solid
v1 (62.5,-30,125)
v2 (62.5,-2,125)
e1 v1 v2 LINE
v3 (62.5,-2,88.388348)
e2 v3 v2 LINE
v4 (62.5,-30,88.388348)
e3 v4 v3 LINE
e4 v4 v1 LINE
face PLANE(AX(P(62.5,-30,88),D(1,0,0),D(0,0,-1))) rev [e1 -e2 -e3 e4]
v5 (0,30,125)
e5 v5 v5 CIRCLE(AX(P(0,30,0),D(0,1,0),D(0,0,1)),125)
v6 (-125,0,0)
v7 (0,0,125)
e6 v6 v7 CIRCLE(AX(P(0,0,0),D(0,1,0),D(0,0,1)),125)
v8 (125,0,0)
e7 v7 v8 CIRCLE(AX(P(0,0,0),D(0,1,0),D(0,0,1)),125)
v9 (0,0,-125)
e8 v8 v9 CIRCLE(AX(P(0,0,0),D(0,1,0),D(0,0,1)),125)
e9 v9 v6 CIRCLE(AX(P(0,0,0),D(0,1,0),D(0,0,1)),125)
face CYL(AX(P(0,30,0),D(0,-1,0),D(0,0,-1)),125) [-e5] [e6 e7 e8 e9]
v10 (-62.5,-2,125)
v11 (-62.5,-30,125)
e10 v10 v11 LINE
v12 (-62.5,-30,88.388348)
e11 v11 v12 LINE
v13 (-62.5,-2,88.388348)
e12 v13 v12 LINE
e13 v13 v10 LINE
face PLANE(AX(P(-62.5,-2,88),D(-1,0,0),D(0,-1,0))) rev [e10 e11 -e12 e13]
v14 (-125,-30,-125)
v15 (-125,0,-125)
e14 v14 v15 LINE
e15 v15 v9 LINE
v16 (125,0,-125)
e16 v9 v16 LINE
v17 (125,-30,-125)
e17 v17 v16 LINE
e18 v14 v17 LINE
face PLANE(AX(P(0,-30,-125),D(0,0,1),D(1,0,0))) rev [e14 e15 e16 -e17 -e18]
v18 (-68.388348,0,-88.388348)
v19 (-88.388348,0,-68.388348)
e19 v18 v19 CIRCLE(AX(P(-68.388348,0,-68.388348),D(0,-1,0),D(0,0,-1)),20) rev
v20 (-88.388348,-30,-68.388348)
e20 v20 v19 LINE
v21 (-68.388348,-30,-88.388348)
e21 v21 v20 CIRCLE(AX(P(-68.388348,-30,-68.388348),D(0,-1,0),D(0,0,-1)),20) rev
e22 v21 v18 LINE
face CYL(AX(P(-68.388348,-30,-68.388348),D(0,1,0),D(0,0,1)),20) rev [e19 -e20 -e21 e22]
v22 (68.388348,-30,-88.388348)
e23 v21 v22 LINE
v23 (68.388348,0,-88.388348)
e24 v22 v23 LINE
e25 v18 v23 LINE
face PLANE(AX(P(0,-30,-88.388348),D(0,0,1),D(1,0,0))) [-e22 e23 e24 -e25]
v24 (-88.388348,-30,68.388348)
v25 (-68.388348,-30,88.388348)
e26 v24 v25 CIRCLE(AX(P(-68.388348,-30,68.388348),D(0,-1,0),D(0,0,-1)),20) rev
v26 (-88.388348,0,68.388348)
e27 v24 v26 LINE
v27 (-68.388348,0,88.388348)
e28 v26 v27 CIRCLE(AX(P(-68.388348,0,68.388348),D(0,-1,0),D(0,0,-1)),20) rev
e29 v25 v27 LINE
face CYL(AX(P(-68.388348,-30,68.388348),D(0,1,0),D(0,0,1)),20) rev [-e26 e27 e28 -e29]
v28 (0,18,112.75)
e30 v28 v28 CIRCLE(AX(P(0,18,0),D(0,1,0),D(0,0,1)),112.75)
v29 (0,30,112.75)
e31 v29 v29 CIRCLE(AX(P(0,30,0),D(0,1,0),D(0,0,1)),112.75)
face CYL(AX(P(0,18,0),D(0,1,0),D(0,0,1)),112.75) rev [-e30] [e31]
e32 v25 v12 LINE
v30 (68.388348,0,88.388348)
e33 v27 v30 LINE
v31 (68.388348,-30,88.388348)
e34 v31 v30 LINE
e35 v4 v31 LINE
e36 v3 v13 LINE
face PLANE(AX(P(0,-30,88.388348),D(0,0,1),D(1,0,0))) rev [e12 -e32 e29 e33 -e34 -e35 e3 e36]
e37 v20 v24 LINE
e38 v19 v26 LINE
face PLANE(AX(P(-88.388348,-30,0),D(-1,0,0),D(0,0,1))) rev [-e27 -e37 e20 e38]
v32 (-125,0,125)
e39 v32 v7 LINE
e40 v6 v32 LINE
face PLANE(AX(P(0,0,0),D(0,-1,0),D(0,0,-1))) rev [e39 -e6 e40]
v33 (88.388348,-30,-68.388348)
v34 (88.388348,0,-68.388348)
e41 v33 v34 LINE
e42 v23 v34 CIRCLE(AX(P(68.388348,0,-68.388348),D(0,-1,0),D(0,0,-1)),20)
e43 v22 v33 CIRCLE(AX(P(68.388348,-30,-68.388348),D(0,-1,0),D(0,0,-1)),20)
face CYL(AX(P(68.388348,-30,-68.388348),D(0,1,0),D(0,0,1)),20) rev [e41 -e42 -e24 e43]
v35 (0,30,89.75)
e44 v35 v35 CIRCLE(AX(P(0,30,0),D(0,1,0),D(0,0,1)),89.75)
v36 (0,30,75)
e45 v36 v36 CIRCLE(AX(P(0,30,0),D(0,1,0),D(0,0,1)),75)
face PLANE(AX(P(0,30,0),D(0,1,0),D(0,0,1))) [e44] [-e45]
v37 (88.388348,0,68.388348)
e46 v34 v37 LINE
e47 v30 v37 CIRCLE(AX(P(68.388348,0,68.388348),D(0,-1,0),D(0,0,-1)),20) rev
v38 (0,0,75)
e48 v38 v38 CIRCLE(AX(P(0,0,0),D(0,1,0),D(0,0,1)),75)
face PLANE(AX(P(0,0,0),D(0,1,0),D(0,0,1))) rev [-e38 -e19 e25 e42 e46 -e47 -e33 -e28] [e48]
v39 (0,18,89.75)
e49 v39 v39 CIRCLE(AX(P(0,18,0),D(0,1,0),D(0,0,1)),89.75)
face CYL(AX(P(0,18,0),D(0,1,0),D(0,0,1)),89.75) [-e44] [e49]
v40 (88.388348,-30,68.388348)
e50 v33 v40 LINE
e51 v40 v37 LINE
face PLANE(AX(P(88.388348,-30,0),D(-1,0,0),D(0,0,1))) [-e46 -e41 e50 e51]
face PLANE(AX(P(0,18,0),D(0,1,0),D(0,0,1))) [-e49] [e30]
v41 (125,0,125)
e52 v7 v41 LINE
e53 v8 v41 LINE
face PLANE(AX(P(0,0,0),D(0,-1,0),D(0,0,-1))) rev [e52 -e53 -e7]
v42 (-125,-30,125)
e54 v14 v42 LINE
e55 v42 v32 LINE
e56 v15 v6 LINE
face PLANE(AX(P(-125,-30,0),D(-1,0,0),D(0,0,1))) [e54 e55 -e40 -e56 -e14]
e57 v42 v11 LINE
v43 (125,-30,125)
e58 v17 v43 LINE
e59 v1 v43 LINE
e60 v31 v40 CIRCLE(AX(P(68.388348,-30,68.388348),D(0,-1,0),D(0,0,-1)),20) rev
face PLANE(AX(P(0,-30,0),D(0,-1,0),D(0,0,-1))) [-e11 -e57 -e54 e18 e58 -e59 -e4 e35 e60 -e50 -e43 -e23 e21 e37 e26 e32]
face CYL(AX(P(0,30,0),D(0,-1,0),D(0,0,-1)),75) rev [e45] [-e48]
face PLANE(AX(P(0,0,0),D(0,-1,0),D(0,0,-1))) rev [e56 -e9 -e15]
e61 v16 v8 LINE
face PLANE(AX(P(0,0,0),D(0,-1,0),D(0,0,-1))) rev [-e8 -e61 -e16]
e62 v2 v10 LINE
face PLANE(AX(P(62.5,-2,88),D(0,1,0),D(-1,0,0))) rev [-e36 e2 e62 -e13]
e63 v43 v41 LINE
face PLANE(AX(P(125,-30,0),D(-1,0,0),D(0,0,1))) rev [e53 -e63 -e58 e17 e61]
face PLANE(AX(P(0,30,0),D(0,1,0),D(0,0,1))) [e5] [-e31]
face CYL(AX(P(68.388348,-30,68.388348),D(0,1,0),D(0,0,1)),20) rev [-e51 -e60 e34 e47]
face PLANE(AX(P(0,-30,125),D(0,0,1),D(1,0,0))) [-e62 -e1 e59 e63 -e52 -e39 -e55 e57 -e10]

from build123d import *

# Parameters (mm, degrees)
AUFSATZ_LINEAR_AUSTRAGEN1_DEPTH = 30
SKIZZE2_R                       = 112.75
SKIZZE2_R_2                     = 89.75
SCHNITT_LINEAR_AUSTRAGEN1_DEPTH = 12
AUFSATZ_LINEAR_START            = 30
SKIZZE3_R                       = 125
AUFSATZ_LINEAR_AUSTRAGEN2_DEPTH = 30
SKIZZE4_W                       = 125
SKIZZE4_H                       = 28
SCHNITT_LINEAR_AUSTRAGEN2_DEPTH = 37


with BuildPart() as part:
    # Skizze1 → Aufsatz-Linear austragen1 (new body)
    with BuildSketch(Plane(origin=(0, 0, 0), x_dir=(1, 0, 0), z_dir=(0, 1, 0))):
        with BuildLine():
            ThreePointArc((0, 125), (-125, 0), (0, -125))
            Line((0, -125), (0, -112.75))
            ThreePointArc((0, -112.75), (-112.75, 0), (0, 112.75))
            Line((0, 112.75), (0, 125))
        make_face()
        with BuildLine():
            Line((0, -112.75), (0, -125))
            ThreePointArc((0, -125), (88.388347648, -88.388347648), (125, 0))
            ThreePointArc((125, 0), (88.388347648, 88.388347648), (0, 125))
            Line((0, 125), (0, 112.75))
            ThreePointArc((0, 112.75), (79.726289579, 79.726289579), (112.75, 0))
            ThreePointArc((112.75, 0), (79.726289579, -79.726289579), (0, -112.75))
        make_face()
        with BuildLine():
            ThreePointArc((0, 112.75), (-112.75, 0), (0, -112.75))
            Line((0, -112.75), (0, -89.75))
            ThreePointArc((0, -89.75), (-89.75, 0), (0, 89.75))
            Line((0, 89.75), (0, 112.75))
        make_face()
        with BuildLine():
            Line((0, -89.75), (0, -112.75))
            ThreePointArc((0, -112.75), (79.726289579, -79.726289579), (112.75, 0))
            ThreePointArc((112.75, 0), (79.726289579, 79.726289579), (0, 112.75))
            Line((0, 112.75), (0, 89.75))
            ThreePointArc((0, 89.75), (63.462833611, 63.462833611), (89.75, 0))
            ThreePointArc((89.75, 0), (63.462833611, -63.462833611), (0, -89.75))
        make_face()
        with BuildLine():
            ThreePointArc((0, 89.75), (-89.75, 0), (0, -89.75))
            Line((0, -89.75), (0, -75))
            ThreePointArc((0, -75), (-75, 0), (0, 75))
            Line((0, 75), (0, 89.75))
        make_face()
        with BuildLine():
            Line((0, -75), (0, -89.75))
            ThreePointArc((0, -89.75), (63.462833611, -63.462833611), (89.75, 0))
            ThreePointArc((89.75, 0), (63.462833611, 63.462833611), (0, 89.75))
            Line((0, 89.75), (0, 75))
            ThreePointArc((0, 75), (53.033008589, 53.033008589), (75, 0))
            ThreePointArc((75, 0), (53.033008589, -53.033008589), (0, -75))
        make_face()
    extrude(amount=AUFSATZ_LINEAR_AUSTRAGEN1_DEPTH)

    # Skizze2 → Schnitt-Linear austragen1 (cut)
    with BuildSketch(Plane(origin=(0, 30, 0), x_dir=(1, 0, 0), z_dir=(0, 1, 0))):
        with Locations(Location((0, 0, 0), (0, 0, 270))):
            Circle(SKIZZE2_R)
        with Locations(Location((0, 0, 0), (0, 0, 270))):
            Circle(SKIZZE2_R_2, mode=Mode.SUBTRACT)
    extrude(amount=-SCHNITT_LINEAR_AUSTRAGEN1_DEPTH, mode=Mode.SUBTRACT)

    # Skizze3 → Aufsatz-Linear austragen2 (add)
    # profile 1 of 5: a face of its own
    with BuildSketch(Plane.XZ.offset(AUFSATZ_LINEAR_START)):
        with Locations(Location((0, 0, 0), (0, 0, 90))):
            Circle(SKIZZE3_R)
        with BuildLine():
            Line((-88.388347648, -68.388347648), (-88.388347648, 68.388347648))
            ThreePointArc((-88.388347648, 68.388347648), (-82.530483272, 82.530483272), (-68.388347648, 88.388347648))
            Line((-68.388347648, 88.388347648), (68.388347648, 88.388347648))
            ThreePointArc((68.388347648, 88.388347648), (82.530483272, 82.530483272), (88.388347648, 68.388347648))
            Line((88.388347648, 68.388347648), (88.388347648, -68.388347648))
            ThreePointArc((88.388347648, -68.388347648), (82.530483272, -82.530483272), (68.388347648, -88.388347648))
            Line((68.388347648, -88.388347648), (-68.388347648, -88.388347648))
            ThreePointArc((-68.388347648, -88.388347648), (-82.530483272, -82.530483272), (-88.388347648, -68.388347648))
        make_face(mode=Mode.SUBTRACT)
    # profile 2 of 5: a face of its own
    with BuildSketch(Plane.XZ.offset(AUFSATZ_LINEAR_START)):
        with BuildLine():
            Line((-125, 125), (-125, 1.53e-07))
            ThreePointArc((-125, 1.53e-07), (-88.388347573, 88.388347723), (5.9e-08, 125))
            Line((5.9e-08, 125), (-125, 125))
        make_face()
    # profile 3 of 5: a face of its own
    with BuildSketch(Plane.XZ.offset(AUFSATZ_LINEAR_START)):
        with BuildLine():
            ThreePointArc((5.9e-08, 125), (88.388347669, 88.388347627), (125, 0))
            Line((125, 0), (125, 125))
            Line((125, 125), (5.9e-08, 125))
        make_face()
    # profile 4 of 5: a face of its own
    with BuildSketch(Plane.XZ.offset(AUFSATZ_LINEAR_START)):
        with BuildLine():
            ThreePointArc((125, 0), (88.388347702, -88.388347594), (1.52e-07, -125))
            Line((1.52e-07, -125), (125, -125))
            Line((125, -125), (125, 0))
        make_face()
    # profile 5 of 5: a face of its own
    with BuildSketch(Plane.XZ.offset(AUFSATZ_LINEAR_START)):
        with BuildLine():
            Line((-125, 1.53e-07), (-125, -125))
            Line((-125, -125), (1.52e-07, -125))
            ThreePointArc((1.52e-07, -125), (-88.388347648, -88.388347648), (-125, 1.53e-07))
        make_face()
    extrude(amount=-AUFSATZ_LINEAR_AUSTRAGEN2_DEPTH)

    # Skizze4 → Schnitt-Linear austragen2 (cut)
    with BuildSketch(Plane.XY.offset(125)):
        with Locations((0, -16)):
            Rectangle(SKIZZE4_W, SKIZZE4_H)
    extrude(amount=-SCHNITT_LINEAR_AUSTRAGEN2_DEPTH, mode=Mode.SUBTRACT)


solid = part.part
